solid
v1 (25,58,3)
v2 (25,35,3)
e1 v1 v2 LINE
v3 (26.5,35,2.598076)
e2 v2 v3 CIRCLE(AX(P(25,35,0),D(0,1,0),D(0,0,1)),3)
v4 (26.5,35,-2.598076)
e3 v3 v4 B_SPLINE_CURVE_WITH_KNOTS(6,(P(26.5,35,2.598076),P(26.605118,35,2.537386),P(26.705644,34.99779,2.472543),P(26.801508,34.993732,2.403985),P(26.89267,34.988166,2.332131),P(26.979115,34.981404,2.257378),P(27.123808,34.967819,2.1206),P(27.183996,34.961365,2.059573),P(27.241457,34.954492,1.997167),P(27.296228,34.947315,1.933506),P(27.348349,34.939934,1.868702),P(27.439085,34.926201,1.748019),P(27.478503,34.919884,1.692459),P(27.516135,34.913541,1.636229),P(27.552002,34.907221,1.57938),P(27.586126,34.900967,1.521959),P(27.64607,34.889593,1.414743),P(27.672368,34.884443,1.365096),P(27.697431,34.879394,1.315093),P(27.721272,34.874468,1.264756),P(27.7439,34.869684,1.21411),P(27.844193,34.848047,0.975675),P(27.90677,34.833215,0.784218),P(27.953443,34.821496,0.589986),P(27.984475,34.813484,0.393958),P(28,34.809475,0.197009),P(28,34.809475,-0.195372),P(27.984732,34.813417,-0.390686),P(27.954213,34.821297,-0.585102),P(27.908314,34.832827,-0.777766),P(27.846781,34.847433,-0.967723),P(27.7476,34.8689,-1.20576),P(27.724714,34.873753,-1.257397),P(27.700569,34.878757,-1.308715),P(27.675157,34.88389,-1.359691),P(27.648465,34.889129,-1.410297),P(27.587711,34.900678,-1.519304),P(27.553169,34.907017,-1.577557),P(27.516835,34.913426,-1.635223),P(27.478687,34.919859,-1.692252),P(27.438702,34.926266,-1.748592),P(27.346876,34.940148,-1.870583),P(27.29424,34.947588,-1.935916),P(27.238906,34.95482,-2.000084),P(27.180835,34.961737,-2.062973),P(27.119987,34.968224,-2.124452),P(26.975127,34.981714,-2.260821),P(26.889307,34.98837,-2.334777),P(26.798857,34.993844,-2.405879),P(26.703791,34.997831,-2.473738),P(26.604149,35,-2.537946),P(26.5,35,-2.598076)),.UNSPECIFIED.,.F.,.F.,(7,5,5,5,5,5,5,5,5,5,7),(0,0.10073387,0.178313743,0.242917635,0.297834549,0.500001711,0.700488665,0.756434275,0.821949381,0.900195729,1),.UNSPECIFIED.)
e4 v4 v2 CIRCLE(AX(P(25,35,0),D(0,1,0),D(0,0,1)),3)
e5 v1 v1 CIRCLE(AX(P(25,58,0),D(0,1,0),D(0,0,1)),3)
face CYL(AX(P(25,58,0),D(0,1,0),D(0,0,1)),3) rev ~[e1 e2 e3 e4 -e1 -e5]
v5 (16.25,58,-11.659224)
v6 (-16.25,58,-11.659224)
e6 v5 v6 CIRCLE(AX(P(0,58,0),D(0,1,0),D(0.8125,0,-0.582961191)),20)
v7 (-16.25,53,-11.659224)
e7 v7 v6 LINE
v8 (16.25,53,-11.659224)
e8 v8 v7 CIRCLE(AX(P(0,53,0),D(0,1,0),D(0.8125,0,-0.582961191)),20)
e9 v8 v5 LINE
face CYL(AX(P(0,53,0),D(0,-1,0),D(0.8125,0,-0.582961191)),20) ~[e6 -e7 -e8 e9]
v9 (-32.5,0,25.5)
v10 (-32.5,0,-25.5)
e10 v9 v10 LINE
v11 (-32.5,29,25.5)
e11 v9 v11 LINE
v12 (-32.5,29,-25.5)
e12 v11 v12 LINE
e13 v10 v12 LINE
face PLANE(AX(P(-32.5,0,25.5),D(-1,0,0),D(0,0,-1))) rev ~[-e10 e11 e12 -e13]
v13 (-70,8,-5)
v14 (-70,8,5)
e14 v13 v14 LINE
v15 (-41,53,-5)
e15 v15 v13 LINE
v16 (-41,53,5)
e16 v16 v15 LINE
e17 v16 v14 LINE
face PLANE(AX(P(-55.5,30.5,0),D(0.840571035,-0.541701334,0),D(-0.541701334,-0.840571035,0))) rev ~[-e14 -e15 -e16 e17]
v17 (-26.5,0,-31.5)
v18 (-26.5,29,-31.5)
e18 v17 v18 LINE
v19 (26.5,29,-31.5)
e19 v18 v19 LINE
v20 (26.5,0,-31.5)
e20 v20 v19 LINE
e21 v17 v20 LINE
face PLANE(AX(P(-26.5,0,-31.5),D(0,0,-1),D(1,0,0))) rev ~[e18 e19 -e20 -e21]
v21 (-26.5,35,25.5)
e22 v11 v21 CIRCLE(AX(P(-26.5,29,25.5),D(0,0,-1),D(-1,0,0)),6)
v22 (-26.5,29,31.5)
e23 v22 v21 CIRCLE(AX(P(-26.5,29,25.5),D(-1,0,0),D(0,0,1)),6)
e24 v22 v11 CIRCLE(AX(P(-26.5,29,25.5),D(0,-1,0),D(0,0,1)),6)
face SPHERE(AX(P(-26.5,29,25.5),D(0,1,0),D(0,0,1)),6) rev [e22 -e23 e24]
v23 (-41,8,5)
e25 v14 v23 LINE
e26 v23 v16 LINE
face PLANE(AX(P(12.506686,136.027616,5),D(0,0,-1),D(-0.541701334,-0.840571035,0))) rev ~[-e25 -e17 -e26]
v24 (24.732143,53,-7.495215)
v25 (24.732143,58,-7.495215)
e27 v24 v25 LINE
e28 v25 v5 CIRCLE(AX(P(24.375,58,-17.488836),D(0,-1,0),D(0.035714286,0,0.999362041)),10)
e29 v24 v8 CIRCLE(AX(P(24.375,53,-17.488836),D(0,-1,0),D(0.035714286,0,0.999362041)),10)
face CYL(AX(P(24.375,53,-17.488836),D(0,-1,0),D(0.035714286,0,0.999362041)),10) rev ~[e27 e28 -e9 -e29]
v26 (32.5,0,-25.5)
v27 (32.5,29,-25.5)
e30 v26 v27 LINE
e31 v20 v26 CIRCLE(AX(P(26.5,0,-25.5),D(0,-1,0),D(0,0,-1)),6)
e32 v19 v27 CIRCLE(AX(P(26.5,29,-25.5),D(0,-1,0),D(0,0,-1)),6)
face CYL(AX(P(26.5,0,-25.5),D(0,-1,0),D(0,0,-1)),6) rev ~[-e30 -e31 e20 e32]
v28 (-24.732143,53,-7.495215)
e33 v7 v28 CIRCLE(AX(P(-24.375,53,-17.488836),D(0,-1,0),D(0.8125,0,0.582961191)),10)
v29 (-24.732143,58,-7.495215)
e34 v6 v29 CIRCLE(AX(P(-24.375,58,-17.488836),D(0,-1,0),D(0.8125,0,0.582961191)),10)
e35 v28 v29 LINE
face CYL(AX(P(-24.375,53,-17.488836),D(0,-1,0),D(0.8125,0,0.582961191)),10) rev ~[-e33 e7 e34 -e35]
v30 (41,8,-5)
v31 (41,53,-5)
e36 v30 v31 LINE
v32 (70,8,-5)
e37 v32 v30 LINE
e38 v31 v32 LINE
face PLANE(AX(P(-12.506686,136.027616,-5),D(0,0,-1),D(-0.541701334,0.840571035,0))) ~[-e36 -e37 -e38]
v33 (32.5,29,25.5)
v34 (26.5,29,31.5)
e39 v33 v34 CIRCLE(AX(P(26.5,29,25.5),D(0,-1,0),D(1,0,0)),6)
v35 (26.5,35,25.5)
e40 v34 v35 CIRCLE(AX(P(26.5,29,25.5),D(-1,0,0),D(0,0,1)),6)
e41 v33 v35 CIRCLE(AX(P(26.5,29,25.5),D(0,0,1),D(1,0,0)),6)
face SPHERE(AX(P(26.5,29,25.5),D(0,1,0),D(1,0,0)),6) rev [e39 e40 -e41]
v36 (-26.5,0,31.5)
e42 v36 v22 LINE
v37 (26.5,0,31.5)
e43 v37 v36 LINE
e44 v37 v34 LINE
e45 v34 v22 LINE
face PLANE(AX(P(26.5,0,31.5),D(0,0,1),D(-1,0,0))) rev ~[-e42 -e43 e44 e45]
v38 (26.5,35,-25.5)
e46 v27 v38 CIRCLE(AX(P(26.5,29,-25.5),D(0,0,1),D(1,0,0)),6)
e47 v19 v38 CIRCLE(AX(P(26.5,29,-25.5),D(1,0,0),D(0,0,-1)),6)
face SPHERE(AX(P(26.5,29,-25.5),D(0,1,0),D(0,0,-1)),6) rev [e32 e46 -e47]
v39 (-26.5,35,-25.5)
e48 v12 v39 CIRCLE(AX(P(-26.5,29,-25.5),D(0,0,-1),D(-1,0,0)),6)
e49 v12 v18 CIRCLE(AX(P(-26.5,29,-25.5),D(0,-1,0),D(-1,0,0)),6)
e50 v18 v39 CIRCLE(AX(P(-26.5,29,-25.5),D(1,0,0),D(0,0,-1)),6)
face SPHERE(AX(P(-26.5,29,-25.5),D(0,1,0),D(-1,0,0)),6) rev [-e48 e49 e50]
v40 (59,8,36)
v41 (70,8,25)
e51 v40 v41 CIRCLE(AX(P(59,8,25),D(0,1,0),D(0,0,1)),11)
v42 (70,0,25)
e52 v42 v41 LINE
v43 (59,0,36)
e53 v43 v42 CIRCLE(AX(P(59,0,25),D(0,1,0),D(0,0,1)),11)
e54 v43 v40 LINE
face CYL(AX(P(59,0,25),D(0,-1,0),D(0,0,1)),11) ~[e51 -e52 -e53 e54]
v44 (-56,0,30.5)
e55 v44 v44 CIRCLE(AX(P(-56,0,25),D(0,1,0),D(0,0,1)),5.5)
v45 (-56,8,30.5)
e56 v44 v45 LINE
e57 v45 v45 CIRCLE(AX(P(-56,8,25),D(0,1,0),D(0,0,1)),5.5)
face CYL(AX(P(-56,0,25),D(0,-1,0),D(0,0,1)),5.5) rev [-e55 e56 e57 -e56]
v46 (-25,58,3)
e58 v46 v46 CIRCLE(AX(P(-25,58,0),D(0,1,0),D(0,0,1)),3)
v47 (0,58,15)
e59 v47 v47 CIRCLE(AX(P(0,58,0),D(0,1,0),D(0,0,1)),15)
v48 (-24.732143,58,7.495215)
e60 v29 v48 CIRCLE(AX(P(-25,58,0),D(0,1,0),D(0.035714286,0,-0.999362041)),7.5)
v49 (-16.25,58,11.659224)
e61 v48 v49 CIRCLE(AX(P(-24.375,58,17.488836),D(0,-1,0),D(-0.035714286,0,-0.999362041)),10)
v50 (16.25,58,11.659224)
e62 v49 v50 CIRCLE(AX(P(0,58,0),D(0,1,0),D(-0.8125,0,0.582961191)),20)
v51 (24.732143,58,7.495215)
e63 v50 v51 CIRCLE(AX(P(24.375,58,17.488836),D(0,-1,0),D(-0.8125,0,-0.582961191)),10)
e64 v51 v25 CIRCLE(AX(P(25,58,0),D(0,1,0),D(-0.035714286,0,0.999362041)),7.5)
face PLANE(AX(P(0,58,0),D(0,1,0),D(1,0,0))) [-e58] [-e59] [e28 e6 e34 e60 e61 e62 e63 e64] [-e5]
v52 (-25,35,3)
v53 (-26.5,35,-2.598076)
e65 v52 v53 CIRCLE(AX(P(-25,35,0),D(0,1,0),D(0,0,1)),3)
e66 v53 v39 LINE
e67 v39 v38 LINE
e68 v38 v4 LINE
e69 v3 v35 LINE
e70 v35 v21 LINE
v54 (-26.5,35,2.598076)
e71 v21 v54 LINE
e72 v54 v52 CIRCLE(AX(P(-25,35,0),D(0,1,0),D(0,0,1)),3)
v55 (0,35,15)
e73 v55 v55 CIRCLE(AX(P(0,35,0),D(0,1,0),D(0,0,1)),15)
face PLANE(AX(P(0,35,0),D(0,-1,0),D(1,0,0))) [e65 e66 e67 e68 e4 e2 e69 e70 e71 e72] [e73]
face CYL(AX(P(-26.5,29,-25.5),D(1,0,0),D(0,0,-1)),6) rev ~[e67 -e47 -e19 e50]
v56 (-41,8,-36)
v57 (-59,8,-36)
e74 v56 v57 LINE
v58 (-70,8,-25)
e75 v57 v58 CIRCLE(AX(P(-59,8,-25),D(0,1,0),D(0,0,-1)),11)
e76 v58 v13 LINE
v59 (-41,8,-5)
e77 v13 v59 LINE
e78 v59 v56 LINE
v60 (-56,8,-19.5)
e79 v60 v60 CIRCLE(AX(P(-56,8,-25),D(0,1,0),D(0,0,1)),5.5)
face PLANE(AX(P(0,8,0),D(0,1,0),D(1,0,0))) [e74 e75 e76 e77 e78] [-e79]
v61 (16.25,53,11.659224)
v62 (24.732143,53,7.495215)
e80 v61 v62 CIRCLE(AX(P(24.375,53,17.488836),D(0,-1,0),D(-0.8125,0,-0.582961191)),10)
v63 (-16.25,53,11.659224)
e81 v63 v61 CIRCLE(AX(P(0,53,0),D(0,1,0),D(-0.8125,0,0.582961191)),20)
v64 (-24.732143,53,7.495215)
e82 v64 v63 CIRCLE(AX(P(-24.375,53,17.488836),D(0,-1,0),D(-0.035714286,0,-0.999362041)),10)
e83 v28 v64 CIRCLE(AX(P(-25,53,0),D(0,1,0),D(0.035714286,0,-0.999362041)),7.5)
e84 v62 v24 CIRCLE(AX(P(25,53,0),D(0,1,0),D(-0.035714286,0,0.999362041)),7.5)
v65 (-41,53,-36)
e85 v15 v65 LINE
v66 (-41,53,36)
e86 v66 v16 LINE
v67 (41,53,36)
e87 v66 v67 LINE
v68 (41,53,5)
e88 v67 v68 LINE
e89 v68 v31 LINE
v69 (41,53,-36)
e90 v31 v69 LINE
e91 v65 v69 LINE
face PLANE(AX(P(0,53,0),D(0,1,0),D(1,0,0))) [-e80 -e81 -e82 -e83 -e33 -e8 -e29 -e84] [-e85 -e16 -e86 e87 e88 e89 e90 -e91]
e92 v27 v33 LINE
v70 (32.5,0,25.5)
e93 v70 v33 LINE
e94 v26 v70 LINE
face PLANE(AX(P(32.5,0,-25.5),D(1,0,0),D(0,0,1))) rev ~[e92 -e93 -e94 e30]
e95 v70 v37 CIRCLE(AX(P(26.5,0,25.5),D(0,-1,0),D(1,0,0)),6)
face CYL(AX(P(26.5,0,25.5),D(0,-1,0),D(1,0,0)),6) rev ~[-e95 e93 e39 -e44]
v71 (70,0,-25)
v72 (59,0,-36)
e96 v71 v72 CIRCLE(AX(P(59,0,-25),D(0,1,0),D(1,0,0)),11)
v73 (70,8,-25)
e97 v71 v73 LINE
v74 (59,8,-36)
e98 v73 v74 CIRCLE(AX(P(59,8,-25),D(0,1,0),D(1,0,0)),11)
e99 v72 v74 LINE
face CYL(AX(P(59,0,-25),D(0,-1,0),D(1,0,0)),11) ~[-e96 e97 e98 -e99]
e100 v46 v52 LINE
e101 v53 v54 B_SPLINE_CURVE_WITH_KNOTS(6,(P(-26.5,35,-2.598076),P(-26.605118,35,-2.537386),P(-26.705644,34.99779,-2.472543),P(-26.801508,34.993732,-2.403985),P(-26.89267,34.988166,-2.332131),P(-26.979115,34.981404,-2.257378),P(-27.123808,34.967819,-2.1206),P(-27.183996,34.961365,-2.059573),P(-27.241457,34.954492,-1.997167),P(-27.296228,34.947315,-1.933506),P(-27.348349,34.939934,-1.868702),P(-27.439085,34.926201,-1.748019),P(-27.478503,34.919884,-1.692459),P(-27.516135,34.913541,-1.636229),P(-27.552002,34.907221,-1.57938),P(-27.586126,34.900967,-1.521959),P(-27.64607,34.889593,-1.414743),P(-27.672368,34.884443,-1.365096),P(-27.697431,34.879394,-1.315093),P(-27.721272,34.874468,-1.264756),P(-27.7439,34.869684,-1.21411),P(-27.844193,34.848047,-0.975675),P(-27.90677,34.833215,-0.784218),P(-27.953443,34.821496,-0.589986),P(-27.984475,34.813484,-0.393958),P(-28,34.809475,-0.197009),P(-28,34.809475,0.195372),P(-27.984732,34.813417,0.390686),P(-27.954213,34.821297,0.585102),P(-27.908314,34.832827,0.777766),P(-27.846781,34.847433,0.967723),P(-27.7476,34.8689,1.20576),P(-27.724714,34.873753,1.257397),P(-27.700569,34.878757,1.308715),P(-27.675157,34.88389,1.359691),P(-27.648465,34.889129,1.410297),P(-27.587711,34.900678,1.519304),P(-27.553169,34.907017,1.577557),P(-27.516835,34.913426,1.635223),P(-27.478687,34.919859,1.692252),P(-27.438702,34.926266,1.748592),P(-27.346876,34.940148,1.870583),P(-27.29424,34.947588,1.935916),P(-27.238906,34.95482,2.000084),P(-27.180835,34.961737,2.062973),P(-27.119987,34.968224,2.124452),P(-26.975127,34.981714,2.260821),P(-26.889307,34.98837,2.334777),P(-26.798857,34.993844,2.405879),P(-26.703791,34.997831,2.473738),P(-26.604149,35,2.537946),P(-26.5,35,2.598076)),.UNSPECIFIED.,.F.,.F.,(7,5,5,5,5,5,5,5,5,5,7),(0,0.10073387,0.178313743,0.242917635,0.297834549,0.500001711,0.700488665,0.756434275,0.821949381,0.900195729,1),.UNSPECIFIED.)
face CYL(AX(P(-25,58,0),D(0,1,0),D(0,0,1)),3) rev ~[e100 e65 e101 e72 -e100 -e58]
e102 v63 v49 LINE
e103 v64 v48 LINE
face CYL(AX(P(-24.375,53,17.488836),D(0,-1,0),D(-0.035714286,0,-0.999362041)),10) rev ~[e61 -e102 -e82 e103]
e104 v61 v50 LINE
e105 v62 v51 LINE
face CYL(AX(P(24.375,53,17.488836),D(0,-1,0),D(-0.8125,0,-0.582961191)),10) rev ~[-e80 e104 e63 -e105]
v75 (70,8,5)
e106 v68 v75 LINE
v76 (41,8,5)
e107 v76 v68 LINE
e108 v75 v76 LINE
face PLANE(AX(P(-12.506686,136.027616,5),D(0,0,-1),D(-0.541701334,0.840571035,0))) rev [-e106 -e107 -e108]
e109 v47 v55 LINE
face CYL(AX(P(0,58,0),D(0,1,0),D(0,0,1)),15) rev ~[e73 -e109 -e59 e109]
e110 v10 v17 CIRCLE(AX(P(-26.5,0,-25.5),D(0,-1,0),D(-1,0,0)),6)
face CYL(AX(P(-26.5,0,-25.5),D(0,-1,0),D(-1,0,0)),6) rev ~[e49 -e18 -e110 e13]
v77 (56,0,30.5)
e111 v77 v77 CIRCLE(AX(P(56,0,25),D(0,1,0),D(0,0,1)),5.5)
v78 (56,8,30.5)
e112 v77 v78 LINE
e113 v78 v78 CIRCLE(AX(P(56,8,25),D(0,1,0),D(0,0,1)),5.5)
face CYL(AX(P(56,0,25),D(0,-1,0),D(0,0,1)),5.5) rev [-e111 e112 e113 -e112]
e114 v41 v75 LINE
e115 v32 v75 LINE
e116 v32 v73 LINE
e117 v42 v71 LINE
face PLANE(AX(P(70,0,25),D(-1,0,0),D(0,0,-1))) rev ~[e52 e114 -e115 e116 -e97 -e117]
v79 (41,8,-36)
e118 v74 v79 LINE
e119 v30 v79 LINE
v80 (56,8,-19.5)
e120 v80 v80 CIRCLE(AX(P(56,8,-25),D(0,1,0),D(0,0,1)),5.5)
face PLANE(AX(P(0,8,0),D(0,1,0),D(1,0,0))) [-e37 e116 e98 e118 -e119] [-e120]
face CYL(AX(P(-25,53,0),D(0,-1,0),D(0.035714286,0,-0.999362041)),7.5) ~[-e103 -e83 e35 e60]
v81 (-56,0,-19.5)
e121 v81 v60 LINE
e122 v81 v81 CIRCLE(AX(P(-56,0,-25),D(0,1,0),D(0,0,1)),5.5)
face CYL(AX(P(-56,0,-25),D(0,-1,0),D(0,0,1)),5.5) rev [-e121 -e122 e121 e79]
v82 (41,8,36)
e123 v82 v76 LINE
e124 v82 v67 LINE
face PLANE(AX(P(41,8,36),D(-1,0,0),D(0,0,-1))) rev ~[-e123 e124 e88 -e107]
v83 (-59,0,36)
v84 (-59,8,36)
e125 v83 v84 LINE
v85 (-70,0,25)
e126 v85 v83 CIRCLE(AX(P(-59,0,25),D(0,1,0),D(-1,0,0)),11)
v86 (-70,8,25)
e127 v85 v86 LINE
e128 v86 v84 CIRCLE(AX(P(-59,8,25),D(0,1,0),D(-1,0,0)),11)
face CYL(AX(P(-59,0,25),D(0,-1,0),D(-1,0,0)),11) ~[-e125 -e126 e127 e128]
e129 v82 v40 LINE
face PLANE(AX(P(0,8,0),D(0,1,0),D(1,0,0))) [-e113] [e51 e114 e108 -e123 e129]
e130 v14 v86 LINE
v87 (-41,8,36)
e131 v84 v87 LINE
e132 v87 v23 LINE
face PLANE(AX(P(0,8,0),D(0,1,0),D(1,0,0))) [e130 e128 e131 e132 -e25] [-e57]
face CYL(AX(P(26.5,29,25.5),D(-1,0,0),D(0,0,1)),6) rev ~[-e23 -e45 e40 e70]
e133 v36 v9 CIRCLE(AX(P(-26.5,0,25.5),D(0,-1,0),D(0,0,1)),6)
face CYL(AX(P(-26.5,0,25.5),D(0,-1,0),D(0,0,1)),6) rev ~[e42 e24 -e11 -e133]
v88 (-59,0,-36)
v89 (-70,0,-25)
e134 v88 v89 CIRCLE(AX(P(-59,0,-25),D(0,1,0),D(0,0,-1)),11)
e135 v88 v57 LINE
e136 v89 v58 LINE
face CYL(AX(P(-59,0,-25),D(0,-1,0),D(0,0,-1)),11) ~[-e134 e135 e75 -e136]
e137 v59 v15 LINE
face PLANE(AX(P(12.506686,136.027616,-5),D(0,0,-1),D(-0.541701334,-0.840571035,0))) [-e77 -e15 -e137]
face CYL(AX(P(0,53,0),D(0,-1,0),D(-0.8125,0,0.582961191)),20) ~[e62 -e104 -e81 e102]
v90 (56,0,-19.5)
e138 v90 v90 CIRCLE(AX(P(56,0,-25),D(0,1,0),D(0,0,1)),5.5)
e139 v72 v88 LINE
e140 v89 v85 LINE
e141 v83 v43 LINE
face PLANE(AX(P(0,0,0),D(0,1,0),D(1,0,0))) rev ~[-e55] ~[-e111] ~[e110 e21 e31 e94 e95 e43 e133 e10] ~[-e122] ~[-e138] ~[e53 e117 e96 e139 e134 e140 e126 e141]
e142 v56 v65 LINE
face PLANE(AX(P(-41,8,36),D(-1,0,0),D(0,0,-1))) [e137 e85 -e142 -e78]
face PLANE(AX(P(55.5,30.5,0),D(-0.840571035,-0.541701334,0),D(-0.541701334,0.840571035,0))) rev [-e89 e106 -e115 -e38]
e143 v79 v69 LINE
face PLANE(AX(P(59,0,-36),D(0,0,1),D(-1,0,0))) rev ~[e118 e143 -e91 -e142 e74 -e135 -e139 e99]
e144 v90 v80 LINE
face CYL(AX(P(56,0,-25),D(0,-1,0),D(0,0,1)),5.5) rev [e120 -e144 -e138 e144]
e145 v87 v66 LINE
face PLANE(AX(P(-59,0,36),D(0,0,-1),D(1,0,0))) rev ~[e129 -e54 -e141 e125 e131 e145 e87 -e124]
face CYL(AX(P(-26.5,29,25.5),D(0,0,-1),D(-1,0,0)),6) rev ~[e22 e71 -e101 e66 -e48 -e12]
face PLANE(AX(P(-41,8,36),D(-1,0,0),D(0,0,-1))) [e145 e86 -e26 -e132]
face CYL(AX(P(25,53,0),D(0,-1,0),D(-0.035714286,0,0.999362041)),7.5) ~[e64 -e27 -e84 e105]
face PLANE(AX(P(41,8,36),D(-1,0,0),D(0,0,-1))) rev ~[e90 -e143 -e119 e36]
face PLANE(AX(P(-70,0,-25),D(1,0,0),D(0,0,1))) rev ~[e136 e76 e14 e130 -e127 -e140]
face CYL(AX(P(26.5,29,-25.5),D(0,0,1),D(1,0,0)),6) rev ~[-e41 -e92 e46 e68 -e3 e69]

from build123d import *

# Parameters (mm, degrees)
SKETCH2_R           = 5.5
BOSS_EXTRUDE1_DEPTH = 8
SKETCH6_W           = 82
SKETCH6_H           = 72
BOSS_EXTRUDE4_DEPTH = 45
BOSS_EXTRUDE5_DEPTH = 5
CUT_EXTRUDE1_DEPTH  = 35
FILLET1_R           = 6
SKETCH9_R           = 15
SKETCH9_R_2         = 3
CUT_EXTRUDE2_DEPTH  = 98.775252493
RIB2_REACH          = 99.775
SKETCH11_WALL_W     = 251.085540362
SKETCH11_WALL_H     = 10


with BuildPart() as part:
    # Sketch2 → Boss-Extrude1 (new body)
    with BuildSketch(Plane(origin=(0, 0, 0), x_dir=(1, 0, 0), z_dir=(0, 1, 0))):
        with BuildLine():
            Line((-59, -36), (59, -36))
            ThreePointArc((59, -36), (66.778174593, -32.778174593), (70, -25))
            Line((70, -25), (70, 25))
            ThreePointArc((70, 25), (66.778174593, 32.778174593), (59, 36))
            Line((59, 36), (-59, 36))
            ThreePointArc((-59, 36), (-66.778174593, 32.778174593), (-70, 25))
            Line((-70, 25), (-70, -25))
            ThreePointArc((-70, -25), (-66.778174593, -32.778174593), (-59, -36))
        make_face()
        with Locations(Location((-56, 25, 0), (0, 0, 270))):
            Circle(SKETCH2_R, mode=Mode.SUBTRACT)
        with Locations(Location((-56, -25, 0), (0, 0, 270))):
            Circle(SKETCH2_R, mode=Mode.SUBTRACT)
        with Locations(Location((56, 25, 0), (0, 0, 270))):
            Circle(SKETCH2_R, mode=Mode.SUBTRACT)
        with Locations(Location((56, -25, 0), (0, 0, 270))):
            Circle(SKETCH2_R, mode=Mode.SUBTRACT)
    extrude(amount=BOSS_EXTRUDE1_DEPTH)

    # Sketch6 → Boss-Extrude4 (add)
    with BuildSketch(Plane(origin=(0, 8, 0), x_dir=(1, 0, 0), z_dir=(0, 1, 0))):
        Rectangle(SKETCH6_W, SKETCH6_H)
    extrude(amount=BOSS_EXTRUDE4_DEPTH)

    # Sketch7 → Boss-Extrude5 (add)
    with BuildSketch(Plane(origin=(0, 53, 0), x_dir=(1, 0, 0), z_dir=(0, 1, 0))):
        with BuildLine():
            ThreePointArc((-16.25, -11.659223816), (0, -20), (16.25, -11.659223816))
            ThreePointArc((16.25, -11.659223816), (19.968227615, -8.512179491), (24.732142857, -7.495215311))
            ThreePointArc((24.732142857, -7.495215311), (32.5, 0), (24.732142857, 7.495215311))
            ThreePointArc((24.732142857, 7.495215311), (19.968227615, 8.512179491), (16.25, 11.659223816))
            ThreePointArc((16.25, 11.659223816), (0, 20), (-16.25, 11.659223816))
            ThreePointArc((-16.25, 11.659223816), (-19.968227615, 8.512179491), (-24.732142857, 7.495215311))
            ThreePointArc((-24.732142857, 7.495215311), (-32.5, 0), (-24.732142857, -7.495215311))
            ThreePointArc((-24.732142857, -7.495215311), (-19.968227615, -8.512179491), (-16.25, -11.659223816))
        make_face()
    extrude(amount=BOSS_EXTRUDE5_DEPTH)

    # Sketch8 → Cut-Extrude1 (cut)
    with BuildSketch(Plane.XZ):
        with BuildLine():
            Line((-26.5, -31.5), (26.5, -31.5))
            ThreePointArc((26.5, -31.5), (30.742640687, -29.742640687), (32.5, -25.5))
            Line((32.5, -25.5), (32.5, 25.5))
            ThreePointArc((32.5, 25.5), (30.742640687, 29.742640687), (26.5, 31.5))
            Line((26.5, 31.5), (-26.5, 31.5))
            ThreePointArc((-26.5, 31.5), (-30.742640687, 29.742640687), (-32.5, 25.5))
            Line((-32.5, 25.5), (-32.5, -25.5))
            ThreePointArc((-32.5, -25.5), (-30.742640687, -29.742640687), (-26.5, -31.5))
        make_face()
    extrude(amount=-CUT_EXTRUDE1_DEPTH, mode=Mode.SUBTRACT)

    # Fillet1
    fillet1_edges = [part.edges().sort_by_distance(p)[0] for p in [
        (-30.742640687, 35, -29.742640687),
        (-32.5, 35, 0),
        (-30.742640687, 35, 29.742640687),
        (0, 35, 31.5),
        (30.742640687, 35, 29.742640687),
        (32.5, 35, 0),
        (30.742640687, 35, -29.742640687),
        (0, 35, -31.5),
    ]]
    fillet(fillet1_edges, radius=FILLET1_R)

    # Sketch9 → Cut-Extrude2 (cut, through all)
    with BuildSketch(Plane(origin=(0, 58, 0), x_dir=(1, 0, 0), z_dir=(0, 1, 0))):
        with Locations(Location((0, 0, 0), (0, 0, 270))):
            Circle(SKETCH9_R)
        with Locations(Location((25, 0, 0), (0, 0, 270))):
            Circle(SKETCH9_R_2)
        with Locations(Location((-25, 0, 0), (0, 0, 270))):
            Circle(SKETCH9_R_2)
    extrude(amount=-CUT_EXTRUDE2_DEPTH, mode=Mode.SUBTRACT)

    # Sketch11 wall → Rib2 (add, up to next)
    with BuildSketch(Plane(origin=(-55.5, 30.5, 0), x_dir=(-0.541701333727, -0.840571035094, 0), z_dir=(0.840571035094, -0.541701333727, 0)), mode=Mode.PRIVATE) as rib2_sk1:
        Rectangle(SKETCH11_WALL_W, SKETCH11_WALL_H)
    rib2_tool1 = extrude(rib2_sk1.sketch, amount=RIB2_REACH, mode=Mode.PRIVATE) - part.part
    rib2 = rib2_tool1.solids().sort_by_distance((-55.5, 30.5, 0))[0]
    add(rib2)

    # Mirror1: Rib2 across plane
    add(rib2.mirror(Plane(origin=(0, 0, 0), x_dir=(0, 0, 1), z_dir=(1, 0, 0))))


solid = part.part
